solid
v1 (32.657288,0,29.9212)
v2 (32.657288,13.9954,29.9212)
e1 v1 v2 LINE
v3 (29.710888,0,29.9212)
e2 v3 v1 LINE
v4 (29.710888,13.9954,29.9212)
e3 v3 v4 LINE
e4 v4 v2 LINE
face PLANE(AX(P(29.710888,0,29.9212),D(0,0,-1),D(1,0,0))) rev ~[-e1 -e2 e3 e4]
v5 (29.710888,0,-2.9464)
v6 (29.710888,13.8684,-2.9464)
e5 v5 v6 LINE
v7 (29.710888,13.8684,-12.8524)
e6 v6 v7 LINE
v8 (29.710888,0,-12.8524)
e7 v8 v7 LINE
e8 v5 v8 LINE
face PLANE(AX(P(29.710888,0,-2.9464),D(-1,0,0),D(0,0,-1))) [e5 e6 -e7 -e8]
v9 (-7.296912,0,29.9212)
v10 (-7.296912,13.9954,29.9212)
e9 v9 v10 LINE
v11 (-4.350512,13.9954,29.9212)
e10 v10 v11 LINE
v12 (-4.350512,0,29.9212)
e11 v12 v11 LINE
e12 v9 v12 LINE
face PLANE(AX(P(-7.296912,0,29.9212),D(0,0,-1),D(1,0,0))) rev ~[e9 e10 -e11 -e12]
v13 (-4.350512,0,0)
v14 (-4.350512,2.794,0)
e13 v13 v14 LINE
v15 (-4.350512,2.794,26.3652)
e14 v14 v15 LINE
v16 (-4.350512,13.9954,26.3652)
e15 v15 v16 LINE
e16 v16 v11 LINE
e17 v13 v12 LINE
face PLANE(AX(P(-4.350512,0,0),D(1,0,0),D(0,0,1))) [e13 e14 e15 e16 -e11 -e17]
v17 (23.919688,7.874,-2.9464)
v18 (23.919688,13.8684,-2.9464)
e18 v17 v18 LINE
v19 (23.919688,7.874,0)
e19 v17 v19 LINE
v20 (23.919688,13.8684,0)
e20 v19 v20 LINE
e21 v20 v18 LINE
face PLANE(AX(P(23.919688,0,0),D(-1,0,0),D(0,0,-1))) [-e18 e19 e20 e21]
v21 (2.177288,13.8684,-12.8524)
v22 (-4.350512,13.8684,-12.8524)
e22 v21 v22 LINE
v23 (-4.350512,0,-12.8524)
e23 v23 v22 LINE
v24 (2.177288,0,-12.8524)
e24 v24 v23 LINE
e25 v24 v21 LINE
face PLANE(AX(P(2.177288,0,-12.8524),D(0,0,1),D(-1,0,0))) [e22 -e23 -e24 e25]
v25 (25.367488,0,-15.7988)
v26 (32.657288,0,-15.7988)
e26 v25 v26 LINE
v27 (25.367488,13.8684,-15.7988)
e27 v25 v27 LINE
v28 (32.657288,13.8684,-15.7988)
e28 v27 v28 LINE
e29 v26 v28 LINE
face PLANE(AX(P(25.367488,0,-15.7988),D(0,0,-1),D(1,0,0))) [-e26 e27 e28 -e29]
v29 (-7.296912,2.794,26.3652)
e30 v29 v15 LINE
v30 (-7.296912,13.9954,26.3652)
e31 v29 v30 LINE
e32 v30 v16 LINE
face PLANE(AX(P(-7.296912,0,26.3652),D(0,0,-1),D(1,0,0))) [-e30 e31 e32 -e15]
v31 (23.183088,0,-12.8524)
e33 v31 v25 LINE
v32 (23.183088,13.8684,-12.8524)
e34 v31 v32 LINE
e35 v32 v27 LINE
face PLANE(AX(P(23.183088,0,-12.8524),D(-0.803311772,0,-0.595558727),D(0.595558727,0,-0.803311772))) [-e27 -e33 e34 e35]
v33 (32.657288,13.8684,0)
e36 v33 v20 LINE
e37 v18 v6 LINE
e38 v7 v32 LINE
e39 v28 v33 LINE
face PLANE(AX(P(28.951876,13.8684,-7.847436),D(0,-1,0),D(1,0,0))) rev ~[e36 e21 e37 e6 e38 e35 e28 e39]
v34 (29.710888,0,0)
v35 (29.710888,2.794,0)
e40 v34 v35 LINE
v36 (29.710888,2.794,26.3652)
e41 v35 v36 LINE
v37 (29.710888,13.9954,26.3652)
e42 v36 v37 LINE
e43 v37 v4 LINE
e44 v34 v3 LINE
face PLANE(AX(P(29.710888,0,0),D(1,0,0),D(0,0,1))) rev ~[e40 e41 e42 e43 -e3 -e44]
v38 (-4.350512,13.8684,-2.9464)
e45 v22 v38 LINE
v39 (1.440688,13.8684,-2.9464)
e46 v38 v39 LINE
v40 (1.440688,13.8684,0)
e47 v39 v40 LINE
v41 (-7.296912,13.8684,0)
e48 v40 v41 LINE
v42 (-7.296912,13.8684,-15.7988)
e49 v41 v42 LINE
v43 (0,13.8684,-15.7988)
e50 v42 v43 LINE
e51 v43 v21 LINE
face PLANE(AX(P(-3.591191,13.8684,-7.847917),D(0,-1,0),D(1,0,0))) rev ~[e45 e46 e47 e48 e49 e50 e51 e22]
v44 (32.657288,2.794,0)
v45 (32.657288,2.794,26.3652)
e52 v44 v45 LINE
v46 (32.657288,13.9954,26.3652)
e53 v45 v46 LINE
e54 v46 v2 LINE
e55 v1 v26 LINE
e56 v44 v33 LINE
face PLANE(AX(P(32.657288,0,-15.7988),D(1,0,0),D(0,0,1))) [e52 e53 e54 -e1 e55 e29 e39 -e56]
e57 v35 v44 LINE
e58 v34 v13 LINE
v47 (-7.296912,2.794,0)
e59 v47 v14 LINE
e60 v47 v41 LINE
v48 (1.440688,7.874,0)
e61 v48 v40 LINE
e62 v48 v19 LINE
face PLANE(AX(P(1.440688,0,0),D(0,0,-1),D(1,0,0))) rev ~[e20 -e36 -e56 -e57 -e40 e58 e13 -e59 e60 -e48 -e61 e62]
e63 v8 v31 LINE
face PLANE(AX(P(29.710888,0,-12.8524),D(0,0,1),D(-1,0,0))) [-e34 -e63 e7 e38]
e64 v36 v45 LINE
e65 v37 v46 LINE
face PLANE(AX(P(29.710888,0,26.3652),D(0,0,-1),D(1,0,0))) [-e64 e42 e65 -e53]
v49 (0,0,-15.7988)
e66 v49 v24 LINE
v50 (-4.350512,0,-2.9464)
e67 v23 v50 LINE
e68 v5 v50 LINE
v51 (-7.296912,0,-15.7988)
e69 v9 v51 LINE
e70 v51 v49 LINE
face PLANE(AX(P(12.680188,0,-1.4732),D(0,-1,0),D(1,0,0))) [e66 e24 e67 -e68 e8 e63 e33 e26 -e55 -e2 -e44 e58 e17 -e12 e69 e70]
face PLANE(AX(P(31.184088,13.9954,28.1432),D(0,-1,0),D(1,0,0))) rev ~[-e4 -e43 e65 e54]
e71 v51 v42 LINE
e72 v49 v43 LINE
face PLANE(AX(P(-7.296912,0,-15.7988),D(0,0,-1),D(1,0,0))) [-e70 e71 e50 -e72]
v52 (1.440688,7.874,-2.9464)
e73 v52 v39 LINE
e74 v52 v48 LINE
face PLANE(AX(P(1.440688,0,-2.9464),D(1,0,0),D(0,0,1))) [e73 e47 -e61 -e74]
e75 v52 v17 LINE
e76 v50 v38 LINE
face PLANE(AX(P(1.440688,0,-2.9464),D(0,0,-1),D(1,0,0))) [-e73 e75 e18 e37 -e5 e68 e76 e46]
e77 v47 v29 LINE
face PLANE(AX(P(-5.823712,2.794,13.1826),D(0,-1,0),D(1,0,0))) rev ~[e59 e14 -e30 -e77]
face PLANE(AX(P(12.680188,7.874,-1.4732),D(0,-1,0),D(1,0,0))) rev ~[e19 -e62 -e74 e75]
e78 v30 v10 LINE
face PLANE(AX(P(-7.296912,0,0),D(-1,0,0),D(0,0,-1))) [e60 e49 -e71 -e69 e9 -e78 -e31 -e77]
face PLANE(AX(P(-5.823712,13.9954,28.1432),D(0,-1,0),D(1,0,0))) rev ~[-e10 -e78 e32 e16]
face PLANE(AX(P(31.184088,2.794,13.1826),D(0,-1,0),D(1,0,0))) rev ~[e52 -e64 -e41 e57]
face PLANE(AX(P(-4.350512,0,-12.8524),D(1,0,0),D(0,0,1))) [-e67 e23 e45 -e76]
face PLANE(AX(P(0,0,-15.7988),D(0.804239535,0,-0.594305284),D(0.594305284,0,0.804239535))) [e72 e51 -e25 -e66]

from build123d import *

# Parameters (mm, degrees)
F0_W     = 2.9464
F0_H     = 3.556
F1_DEPTH = 13.9954
F0_H_2   = 26.3652
F2_DEPTH = 2.794
F3_DEPTH = 13.8684
F0_W_2   = 22.479
F0_H_3   = 2.9464
F4_DEPTH = 7.874


with BuildPart() as f1:
    # F0 (on Front) → F1 (new body)
    with BuildSketch(Plane.XZ):
        with Locations((-5.823712, 28.1432)):
            Rectangle(F0_W, F0_H)
        with Locations((31.184088, 28.1432)):
            Rectangle(F0_W, F0_H)
    extrude(amount=-F1_DEPTH)

    # F0 (on Front) → F2 (join)
    with BuildSketch(Plane.XZ):
        with Locations((-5.823712, 13.1826)):
            Rectangle(F0_W, F0_H_2)
        with Locations((31.184088, 13.1826)):
            Rectangle(F0_W, F0_H_2)
    extrude(amount=-F2_DEPTH)

    # F0 (on Front) → F3 (join)
    with BuildSketch(Plane.XZ):
        Polygon((32.657288, -15.7988), (32.657288, 0), (29.710888, 0), (23.919688, 0), (23.919688, -2.9464), (29.710888, -2.9464), (29.710888, -12.8524), (23.183088, -12.8524), (25.367488, -15.7988), (29.710888, -15.7988), align=None)
        Polygon((1.440688, -2.9464), (1.440688, 0), (-4.350512, 0), (-7.296912, 0), (-7.296912, -15.7988), (-4.350512, -15.7988), (0, -15.7988), (2.177288, -12.8524), (-4.350512, -12.8524), (-4.350512, -2.9464), align=None)
    extrude(amount=-F3_DEPTH)

    # F0 (on Front) → F4 (join)
    with BuildSketch(Plane.XZ):
        with Locations((12.680188, -1.4732)):
            Rectangle(F0_W_2, F0_H_3)
    extrude(amount=-F4_DEPTH)


solid = f1.part
